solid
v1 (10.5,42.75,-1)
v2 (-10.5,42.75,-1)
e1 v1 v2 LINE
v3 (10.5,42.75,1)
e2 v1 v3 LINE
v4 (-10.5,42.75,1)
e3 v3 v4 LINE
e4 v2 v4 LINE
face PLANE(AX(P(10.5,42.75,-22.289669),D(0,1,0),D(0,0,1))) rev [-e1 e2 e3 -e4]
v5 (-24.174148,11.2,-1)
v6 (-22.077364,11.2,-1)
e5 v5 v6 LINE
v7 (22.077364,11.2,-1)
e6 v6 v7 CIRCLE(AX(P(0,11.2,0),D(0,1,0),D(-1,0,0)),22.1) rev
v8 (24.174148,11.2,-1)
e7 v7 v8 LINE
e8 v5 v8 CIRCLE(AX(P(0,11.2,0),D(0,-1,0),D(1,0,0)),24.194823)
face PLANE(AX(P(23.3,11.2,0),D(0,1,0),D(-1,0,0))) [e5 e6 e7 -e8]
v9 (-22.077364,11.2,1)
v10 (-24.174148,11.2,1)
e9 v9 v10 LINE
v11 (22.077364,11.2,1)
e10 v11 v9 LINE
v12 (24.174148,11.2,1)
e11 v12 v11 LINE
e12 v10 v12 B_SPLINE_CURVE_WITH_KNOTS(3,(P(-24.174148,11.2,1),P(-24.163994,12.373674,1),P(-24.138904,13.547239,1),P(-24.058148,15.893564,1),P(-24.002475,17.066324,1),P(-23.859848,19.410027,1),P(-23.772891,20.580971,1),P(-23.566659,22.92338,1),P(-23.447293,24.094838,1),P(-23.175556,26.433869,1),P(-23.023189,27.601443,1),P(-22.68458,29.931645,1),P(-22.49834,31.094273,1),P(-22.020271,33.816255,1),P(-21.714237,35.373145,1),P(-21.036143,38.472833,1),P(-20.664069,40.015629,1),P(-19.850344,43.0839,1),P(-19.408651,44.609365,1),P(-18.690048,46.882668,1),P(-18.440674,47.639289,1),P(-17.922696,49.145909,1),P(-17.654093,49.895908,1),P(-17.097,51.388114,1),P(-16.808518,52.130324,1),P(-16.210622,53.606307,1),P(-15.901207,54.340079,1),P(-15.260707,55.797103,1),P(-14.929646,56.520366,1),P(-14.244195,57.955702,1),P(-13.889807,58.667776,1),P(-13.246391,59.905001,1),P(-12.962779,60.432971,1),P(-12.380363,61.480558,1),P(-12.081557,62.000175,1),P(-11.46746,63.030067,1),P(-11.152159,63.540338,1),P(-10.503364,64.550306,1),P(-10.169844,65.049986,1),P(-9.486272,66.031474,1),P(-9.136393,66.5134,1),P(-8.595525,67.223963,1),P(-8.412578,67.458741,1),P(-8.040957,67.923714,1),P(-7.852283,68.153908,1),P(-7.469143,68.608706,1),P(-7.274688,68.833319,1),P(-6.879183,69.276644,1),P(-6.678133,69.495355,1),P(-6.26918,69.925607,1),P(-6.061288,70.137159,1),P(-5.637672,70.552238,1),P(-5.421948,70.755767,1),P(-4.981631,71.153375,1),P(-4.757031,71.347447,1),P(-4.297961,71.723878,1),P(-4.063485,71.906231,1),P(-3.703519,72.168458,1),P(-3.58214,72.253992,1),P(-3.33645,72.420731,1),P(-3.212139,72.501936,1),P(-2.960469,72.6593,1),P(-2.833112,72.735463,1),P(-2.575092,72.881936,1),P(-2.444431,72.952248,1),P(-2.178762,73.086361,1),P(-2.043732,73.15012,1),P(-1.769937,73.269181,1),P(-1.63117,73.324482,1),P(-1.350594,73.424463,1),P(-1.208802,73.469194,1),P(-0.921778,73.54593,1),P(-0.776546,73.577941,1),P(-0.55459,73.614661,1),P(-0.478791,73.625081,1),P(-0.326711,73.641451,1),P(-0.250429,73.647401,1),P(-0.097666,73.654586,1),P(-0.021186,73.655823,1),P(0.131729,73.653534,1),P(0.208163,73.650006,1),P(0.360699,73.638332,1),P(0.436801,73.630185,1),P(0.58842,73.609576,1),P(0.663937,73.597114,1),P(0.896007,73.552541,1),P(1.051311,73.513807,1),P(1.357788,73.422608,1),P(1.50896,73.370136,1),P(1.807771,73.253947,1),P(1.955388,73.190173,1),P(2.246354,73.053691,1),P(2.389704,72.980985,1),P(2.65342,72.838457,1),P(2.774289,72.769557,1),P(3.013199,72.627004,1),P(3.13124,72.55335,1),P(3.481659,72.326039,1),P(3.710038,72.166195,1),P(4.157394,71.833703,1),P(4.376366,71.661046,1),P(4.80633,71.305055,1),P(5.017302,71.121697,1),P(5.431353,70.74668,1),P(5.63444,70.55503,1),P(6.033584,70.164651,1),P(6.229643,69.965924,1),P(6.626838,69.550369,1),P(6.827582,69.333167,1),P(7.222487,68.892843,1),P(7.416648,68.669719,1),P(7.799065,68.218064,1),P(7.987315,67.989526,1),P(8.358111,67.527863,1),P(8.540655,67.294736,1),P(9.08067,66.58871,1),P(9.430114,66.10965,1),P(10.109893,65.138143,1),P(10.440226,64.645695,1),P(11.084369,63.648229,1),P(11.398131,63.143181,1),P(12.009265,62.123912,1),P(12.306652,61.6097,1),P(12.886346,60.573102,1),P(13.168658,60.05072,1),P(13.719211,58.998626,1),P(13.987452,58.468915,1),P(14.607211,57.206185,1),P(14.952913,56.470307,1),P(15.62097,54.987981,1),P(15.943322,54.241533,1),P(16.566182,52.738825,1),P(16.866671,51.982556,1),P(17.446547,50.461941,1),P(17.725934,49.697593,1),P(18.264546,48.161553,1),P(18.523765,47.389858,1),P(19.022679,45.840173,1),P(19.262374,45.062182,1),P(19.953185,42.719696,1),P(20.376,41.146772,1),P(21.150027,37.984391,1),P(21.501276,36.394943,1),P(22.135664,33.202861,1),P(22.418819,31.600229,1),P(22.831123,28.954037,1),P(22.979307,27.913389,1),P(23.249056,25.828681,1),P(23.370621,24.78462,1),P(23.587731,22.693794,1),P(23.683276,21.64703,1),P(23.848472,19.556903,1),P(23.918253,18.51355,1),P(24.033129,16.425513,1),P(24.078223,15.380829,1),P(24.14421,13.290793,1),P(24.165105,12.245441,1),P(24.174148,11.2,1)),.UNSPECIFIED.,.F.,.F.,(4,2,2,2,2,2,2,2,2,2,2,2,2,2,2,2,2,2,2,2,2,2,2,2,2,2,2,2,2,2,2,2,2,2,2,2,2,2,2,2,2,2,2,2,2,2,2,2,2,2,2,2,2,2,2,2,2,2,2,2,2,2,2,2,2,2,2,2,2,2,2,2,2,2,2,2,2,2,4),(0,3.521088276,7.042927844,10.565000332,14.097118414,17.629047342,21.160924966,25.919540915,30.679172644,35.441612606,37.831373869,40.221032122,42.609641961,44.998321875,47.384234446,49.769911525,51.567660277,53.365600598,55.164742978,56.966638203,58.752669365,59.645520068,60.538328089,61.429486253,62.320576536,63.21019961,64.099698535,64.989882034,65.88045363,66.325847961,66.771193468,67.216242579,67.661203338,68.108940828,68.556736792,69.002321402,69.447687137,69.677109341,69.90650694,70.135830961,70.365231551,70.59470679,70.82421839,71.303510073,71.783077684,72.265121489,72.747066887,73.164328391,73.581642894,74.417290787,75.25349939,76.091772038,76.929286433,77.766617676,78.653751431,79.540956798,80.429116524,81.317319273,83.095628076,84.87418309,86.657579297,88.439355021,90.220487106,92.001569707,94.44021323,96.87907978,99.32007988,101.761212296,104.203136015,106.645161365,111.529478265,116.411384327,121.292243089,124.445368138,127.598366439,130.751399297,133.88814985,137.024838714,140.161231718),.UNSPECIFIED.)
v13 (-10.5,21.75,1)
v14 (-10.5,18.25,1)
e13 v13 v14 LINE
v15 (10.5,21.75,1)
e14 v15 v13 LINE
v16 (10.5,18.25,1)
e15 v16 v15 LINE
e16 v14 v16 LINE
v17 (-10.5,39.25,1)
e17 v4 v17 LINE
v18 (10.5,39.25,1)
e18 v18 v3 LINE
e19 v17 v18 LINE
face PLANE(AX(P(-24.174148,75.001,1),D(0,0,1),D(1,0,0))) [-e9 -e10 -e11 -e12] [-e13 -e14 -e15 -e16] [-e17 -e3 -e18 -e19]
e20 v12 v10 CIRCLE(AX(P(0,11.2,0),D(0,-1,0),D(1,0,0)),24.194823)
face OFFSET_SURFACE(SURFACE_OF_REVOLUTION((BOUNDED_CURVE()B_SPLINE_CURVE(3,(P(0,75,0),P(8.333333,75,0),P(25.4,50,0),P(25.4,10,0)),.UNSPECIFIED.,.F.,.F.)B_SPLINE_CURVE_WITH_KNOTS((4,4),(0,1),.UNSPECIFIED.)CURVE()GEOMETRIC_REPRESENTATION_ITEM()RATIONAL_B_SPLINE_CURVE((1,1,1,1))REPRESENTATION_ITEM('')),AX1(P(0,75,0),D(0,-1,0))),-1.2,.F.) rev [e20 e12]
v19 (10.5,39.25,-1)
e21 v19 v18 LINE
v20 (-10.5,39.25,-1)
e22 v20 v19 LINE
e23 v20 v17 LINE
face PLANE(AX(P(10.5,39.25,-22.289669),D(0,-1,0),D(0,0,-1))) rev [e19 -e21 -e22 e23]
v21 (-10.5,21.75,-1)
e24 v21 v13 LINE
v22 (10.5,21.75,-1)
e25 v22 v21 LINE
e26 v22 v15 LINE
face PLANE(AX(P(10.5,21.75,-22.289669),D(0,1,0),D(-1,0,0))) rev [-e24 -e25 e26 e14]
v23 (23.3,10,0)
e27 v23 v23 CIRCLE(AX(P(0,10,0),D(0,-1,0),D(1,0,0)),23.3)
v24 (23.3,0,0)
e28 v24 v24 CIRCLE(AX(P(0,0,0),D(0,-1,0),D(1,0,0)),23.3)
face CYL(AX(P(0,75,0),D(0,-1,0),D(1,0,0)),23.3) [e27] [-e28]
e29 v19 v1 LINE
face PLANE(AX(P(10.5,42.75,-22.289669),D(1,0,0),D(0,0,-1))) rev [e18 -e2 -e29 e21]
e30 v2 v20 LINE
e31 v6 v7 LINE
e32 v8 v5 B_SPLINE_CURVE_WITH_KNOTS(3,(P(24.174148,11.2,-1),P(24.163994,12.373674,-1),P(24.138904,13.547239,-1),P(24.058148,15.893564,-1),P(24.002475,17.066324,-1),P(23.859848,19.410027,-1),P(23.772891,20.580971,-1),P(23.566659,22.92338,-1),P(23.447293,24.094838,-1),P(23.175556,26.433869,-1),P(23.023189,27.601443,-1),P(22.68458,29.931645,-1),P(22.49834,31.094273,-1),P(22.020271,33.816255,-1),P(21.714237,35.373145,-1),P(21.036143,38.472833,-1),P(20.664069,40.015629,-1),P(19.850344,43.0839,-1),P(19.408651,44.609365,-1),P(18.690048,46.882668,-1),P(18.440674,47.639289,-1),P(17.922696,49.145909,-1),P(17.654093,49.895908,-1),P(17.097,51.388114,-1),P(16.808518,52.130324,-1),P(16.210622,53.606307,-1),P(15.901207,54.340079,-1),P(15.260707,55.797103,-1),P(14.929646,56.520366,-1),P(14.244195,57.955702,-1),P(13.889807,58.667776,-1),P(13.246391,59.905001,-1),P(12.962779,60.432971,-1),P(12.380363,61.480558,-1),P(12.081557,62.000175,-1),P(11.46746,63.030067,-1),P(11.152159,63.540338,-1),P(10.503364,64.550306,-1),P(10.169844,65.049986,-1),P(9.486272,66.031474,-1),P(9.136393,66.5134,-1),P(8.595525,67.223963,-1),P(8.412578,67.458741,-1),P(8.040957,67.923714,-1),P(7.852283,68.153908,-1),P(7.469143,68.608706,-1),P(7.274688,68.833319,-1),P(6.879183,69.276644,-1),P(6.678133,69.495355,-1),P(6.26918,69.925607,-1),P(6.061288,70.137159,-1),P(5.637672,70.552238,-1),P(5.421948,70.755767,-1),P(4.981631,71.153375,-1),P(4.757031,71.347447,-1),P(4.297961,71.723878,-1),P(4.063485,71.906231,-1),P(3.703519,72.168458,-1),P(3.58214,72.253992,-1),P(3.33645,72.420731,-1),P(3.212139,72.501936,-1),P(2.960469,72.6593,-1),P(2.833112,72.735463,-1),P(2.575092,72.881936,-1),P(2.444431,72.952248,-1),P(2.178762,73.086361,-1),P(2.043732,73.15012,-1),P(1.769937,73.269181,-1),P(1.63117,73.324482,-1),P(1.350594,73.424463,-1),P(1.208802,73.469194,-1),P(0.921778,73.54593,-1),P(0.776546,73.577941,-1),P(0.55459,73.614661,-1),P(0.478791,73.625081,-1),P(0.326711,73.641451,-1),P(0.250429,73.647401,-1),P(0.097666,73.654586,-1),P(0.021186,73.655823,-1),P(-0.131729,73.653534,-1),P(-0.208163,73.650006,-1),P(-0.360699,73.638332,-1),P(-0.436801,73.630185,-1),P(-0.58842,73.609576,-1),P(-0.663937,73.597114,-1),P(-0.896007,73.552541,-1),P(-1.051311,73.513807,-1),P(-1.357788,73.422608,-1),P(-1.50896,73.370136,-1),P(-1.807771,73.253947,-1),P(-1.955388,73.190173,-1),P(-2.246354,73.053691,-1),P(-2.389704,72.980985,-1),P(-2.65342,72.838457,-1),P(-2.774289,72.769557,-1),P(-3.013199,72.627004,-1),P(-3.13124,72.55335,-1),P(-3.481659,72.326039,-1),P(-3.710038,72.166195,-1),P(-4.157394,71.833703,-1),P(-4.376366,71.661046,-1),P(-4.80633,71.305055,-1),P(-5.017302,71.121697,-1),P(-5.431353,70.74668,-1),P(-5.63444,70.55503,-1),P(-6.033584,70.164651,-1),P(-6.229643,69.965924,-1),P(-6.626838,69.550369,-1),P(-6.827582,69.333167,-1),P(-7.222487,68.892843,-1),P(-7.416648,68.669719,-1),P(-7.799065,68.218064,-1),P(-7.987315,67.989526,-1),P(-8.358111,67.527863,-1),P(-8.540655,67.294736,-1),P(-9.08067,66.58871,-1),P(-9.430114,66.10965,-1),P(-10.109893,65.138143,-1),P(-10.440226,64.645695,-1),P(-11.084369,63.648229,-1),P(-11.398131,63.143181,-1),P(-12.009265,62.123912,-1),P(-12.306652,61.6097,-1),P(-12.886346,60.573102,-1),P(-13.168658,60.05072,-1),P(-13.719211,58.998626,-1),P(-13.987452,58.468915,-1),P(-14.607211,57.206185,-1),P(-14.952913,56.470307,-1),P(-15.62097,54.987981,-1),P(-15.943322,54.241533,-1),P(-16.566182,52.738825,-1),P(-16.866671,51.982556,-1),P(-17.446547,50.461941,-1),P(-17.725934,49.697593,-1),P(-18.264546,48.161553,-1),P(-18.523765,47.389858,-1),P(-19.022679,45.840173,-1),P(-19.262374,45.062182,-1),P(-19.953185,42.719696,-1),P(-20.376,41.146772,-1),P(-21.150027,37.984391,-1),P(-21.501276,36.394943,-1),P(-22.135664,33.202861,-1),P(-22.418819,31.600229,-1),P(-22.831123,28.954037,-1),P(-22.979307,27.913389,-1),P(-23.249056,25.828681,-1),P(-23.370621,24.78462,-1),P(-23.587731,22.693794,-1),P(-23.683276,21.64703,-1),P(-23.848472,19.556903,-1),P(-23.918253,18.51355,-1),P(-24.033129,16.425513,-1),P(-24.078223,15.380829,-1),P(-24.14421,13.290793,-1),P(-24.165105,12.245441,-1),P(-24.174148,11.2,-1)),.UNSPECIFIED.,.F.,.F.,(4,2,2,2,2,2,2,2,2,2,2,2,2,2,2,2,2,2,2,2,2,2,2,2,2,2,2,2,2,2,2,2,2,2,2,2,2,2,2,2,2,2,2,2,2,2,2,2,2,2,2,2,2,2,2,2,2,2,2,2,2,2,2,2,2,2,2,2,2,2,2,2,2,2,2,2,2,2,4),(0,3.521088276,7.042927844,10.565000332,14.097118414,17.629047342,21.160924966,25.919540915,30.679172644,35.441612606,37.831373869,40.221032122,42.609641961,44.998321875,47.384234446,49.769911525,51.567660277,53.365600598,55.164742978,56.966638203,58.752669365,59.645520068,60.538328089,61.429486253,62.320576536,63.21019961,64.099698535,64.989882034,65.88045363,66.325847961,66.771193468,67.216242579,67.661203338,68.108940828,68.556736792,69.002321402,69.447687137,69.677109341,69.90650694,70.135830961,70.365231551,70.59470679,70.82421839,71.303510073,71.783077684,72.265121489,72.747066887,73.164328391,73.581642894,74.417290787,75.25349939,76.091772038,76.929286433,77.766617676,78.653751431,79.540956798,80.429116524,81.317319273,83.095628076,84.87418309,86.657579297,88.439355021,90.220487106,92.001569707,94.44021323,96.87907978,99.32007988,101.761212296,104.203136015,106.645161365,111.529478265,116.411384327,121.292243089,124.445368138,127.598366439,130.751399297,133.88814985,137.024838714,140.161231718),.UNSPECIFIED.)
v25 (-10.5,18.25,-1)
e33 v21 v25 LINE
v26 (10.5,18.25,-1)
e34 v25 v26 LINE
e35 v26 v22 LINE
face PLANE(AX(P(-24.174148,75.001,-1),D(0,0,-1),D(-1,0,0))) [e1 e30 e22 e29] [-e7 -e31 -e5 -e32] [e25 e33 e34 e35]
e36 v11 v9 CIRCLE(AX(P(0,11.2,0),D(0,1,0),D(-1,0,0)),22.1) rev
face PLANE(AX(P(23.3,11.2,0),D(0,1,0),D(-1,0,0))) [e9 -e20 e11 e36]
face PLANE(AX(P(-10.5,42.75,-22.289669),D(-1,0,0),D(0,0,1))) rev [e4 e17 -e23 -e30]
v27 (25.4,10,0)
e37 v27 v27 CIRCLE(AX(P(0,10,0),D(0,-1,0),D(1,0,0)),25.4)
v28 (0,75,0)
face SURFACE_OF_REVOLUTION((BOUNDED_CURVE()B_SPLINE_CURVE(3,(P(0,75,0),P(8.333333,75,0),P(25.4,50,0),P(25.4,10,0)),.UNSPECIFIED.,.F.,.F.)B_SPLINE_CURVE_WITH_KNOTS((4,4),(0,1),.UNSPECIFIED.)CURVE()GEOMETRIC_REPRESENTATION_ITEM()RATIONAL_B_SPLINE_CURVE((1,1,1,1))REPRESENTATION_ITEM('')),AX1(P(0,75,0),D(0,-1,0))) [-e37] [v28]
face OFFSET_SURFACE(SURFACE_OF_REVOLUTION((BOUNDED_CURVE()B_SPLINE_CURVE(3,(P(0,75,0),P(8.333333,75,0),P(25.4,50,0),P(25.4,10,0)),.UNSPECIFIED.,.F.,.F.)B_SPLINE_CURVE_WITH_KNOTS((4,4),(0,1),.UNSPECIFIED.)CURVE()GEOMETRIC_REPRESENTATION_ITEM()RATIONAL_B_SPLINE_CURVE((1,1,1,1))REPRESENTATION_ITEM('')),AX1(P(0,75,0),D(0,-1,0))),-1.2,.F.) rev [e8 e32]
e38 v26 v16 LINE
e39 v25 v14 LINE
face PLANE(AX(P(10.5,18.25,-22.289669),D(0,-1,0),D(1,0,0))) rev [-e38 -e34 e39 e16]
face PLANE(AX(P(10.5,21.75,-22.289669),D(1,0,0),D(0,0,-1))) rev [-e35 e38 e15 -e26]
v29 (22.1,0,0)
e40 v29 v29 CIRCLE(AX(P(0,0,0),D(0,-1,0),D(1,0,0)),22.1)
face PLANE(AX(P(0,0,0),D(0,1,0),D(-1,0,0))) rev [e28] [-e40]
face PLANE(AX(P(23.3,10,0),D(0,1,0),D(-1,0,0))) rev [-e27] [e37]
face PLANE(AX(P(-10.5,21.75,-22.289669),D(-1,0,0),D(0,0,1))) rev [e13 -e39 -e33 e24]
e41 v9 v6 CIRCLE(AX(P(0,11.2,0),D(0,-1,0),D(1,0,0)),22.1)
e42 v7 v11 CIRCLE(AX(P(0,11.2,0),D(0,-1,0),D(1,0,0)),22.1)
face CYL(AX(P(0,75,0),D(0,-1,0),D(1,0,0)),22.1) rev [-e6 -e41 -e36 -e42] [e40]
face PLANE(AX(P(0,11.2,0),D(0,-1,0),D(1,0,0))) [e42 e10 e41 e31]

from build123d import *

# Parameters (mm, degrees)
THICKEN1_T1         = 1.2
BOSS_EXTRUDE7_REACH = 75.217
SKETCH5_W           = 21
SKETCH5_H           = 3.5
CUT_EXTRUDE1_DEPTH  = 2


with BuildPart() as body_1:
    # Surface-Revolve1: a surface, the sketch's curves turned about an axis
    with BuildLine(Plane.XY, mode=Mode.PRIVATE) as surface_revolve1_1_path:
        Line((23.3, 0), (23.3, 10))
        Line((23.3, 10), (25.4, 10))
        add(Edge.make_bspline(
            [(25.4, 10), (25.4, 50), (8.333333333, 75), (0, 75)],
            knots=[0, 0, 0, 0, 1, 1, 1, 1], degree=3))
    surface_revolve1_1 = Shell.revolve(surface_revolve1_1_path.wire(), 360, Axis((0, 75, 0), (0, -1, 0)))
    add(Solid.thicken(surface_revolve1_1, THICKEN1_T1))

    # Sketch4 → Boss-Extrude7 (add, up to next)
    with BuildSketch(Plane.XZ.offset(-11.2), mode=Mode.PRIVATE) as boss_extrude7_sk1:
        with BuildLine():
            Line((-24.174148432, 1), (24.174148432, 1))
            ThreePointArc((24.174148432, 1), (24.194822843, 0), (24.174148432, -1))
            Line((24.174148432, -1), (-24.174148432, -1))
            ThreePointArc((-24.174148432, -1), (-24.194822843, 0), (-24.174148432, 1))
        make_face()
    boss_extrude7_tool1 = extrude(boss_extrude7_sk1.sketch, amount=-BOSS_EXTRUDE7_REACH, mode=Mode.PRIVATE) - body_1.part
    add(boss_extrude7_tool1.solids().sort_by_distance((0, 11.2, 0))[0])

    # Sketch5 → Cut-Extrude1 (cut)
    with BuildSketch(Plane.XY.offset(1)):
        with Locations((0, 41)):
            Rectangle(SKETCH5_W, SKETCH5_H)
        with Locations((0, 20)):
            Rectangle(SKETCH5_W, SKETCH5_H)
    extrude(amount=-CUT_EXTRUDE1_DEPTH, mode=Mode.SUBTRACT)


solid = body_1.part
